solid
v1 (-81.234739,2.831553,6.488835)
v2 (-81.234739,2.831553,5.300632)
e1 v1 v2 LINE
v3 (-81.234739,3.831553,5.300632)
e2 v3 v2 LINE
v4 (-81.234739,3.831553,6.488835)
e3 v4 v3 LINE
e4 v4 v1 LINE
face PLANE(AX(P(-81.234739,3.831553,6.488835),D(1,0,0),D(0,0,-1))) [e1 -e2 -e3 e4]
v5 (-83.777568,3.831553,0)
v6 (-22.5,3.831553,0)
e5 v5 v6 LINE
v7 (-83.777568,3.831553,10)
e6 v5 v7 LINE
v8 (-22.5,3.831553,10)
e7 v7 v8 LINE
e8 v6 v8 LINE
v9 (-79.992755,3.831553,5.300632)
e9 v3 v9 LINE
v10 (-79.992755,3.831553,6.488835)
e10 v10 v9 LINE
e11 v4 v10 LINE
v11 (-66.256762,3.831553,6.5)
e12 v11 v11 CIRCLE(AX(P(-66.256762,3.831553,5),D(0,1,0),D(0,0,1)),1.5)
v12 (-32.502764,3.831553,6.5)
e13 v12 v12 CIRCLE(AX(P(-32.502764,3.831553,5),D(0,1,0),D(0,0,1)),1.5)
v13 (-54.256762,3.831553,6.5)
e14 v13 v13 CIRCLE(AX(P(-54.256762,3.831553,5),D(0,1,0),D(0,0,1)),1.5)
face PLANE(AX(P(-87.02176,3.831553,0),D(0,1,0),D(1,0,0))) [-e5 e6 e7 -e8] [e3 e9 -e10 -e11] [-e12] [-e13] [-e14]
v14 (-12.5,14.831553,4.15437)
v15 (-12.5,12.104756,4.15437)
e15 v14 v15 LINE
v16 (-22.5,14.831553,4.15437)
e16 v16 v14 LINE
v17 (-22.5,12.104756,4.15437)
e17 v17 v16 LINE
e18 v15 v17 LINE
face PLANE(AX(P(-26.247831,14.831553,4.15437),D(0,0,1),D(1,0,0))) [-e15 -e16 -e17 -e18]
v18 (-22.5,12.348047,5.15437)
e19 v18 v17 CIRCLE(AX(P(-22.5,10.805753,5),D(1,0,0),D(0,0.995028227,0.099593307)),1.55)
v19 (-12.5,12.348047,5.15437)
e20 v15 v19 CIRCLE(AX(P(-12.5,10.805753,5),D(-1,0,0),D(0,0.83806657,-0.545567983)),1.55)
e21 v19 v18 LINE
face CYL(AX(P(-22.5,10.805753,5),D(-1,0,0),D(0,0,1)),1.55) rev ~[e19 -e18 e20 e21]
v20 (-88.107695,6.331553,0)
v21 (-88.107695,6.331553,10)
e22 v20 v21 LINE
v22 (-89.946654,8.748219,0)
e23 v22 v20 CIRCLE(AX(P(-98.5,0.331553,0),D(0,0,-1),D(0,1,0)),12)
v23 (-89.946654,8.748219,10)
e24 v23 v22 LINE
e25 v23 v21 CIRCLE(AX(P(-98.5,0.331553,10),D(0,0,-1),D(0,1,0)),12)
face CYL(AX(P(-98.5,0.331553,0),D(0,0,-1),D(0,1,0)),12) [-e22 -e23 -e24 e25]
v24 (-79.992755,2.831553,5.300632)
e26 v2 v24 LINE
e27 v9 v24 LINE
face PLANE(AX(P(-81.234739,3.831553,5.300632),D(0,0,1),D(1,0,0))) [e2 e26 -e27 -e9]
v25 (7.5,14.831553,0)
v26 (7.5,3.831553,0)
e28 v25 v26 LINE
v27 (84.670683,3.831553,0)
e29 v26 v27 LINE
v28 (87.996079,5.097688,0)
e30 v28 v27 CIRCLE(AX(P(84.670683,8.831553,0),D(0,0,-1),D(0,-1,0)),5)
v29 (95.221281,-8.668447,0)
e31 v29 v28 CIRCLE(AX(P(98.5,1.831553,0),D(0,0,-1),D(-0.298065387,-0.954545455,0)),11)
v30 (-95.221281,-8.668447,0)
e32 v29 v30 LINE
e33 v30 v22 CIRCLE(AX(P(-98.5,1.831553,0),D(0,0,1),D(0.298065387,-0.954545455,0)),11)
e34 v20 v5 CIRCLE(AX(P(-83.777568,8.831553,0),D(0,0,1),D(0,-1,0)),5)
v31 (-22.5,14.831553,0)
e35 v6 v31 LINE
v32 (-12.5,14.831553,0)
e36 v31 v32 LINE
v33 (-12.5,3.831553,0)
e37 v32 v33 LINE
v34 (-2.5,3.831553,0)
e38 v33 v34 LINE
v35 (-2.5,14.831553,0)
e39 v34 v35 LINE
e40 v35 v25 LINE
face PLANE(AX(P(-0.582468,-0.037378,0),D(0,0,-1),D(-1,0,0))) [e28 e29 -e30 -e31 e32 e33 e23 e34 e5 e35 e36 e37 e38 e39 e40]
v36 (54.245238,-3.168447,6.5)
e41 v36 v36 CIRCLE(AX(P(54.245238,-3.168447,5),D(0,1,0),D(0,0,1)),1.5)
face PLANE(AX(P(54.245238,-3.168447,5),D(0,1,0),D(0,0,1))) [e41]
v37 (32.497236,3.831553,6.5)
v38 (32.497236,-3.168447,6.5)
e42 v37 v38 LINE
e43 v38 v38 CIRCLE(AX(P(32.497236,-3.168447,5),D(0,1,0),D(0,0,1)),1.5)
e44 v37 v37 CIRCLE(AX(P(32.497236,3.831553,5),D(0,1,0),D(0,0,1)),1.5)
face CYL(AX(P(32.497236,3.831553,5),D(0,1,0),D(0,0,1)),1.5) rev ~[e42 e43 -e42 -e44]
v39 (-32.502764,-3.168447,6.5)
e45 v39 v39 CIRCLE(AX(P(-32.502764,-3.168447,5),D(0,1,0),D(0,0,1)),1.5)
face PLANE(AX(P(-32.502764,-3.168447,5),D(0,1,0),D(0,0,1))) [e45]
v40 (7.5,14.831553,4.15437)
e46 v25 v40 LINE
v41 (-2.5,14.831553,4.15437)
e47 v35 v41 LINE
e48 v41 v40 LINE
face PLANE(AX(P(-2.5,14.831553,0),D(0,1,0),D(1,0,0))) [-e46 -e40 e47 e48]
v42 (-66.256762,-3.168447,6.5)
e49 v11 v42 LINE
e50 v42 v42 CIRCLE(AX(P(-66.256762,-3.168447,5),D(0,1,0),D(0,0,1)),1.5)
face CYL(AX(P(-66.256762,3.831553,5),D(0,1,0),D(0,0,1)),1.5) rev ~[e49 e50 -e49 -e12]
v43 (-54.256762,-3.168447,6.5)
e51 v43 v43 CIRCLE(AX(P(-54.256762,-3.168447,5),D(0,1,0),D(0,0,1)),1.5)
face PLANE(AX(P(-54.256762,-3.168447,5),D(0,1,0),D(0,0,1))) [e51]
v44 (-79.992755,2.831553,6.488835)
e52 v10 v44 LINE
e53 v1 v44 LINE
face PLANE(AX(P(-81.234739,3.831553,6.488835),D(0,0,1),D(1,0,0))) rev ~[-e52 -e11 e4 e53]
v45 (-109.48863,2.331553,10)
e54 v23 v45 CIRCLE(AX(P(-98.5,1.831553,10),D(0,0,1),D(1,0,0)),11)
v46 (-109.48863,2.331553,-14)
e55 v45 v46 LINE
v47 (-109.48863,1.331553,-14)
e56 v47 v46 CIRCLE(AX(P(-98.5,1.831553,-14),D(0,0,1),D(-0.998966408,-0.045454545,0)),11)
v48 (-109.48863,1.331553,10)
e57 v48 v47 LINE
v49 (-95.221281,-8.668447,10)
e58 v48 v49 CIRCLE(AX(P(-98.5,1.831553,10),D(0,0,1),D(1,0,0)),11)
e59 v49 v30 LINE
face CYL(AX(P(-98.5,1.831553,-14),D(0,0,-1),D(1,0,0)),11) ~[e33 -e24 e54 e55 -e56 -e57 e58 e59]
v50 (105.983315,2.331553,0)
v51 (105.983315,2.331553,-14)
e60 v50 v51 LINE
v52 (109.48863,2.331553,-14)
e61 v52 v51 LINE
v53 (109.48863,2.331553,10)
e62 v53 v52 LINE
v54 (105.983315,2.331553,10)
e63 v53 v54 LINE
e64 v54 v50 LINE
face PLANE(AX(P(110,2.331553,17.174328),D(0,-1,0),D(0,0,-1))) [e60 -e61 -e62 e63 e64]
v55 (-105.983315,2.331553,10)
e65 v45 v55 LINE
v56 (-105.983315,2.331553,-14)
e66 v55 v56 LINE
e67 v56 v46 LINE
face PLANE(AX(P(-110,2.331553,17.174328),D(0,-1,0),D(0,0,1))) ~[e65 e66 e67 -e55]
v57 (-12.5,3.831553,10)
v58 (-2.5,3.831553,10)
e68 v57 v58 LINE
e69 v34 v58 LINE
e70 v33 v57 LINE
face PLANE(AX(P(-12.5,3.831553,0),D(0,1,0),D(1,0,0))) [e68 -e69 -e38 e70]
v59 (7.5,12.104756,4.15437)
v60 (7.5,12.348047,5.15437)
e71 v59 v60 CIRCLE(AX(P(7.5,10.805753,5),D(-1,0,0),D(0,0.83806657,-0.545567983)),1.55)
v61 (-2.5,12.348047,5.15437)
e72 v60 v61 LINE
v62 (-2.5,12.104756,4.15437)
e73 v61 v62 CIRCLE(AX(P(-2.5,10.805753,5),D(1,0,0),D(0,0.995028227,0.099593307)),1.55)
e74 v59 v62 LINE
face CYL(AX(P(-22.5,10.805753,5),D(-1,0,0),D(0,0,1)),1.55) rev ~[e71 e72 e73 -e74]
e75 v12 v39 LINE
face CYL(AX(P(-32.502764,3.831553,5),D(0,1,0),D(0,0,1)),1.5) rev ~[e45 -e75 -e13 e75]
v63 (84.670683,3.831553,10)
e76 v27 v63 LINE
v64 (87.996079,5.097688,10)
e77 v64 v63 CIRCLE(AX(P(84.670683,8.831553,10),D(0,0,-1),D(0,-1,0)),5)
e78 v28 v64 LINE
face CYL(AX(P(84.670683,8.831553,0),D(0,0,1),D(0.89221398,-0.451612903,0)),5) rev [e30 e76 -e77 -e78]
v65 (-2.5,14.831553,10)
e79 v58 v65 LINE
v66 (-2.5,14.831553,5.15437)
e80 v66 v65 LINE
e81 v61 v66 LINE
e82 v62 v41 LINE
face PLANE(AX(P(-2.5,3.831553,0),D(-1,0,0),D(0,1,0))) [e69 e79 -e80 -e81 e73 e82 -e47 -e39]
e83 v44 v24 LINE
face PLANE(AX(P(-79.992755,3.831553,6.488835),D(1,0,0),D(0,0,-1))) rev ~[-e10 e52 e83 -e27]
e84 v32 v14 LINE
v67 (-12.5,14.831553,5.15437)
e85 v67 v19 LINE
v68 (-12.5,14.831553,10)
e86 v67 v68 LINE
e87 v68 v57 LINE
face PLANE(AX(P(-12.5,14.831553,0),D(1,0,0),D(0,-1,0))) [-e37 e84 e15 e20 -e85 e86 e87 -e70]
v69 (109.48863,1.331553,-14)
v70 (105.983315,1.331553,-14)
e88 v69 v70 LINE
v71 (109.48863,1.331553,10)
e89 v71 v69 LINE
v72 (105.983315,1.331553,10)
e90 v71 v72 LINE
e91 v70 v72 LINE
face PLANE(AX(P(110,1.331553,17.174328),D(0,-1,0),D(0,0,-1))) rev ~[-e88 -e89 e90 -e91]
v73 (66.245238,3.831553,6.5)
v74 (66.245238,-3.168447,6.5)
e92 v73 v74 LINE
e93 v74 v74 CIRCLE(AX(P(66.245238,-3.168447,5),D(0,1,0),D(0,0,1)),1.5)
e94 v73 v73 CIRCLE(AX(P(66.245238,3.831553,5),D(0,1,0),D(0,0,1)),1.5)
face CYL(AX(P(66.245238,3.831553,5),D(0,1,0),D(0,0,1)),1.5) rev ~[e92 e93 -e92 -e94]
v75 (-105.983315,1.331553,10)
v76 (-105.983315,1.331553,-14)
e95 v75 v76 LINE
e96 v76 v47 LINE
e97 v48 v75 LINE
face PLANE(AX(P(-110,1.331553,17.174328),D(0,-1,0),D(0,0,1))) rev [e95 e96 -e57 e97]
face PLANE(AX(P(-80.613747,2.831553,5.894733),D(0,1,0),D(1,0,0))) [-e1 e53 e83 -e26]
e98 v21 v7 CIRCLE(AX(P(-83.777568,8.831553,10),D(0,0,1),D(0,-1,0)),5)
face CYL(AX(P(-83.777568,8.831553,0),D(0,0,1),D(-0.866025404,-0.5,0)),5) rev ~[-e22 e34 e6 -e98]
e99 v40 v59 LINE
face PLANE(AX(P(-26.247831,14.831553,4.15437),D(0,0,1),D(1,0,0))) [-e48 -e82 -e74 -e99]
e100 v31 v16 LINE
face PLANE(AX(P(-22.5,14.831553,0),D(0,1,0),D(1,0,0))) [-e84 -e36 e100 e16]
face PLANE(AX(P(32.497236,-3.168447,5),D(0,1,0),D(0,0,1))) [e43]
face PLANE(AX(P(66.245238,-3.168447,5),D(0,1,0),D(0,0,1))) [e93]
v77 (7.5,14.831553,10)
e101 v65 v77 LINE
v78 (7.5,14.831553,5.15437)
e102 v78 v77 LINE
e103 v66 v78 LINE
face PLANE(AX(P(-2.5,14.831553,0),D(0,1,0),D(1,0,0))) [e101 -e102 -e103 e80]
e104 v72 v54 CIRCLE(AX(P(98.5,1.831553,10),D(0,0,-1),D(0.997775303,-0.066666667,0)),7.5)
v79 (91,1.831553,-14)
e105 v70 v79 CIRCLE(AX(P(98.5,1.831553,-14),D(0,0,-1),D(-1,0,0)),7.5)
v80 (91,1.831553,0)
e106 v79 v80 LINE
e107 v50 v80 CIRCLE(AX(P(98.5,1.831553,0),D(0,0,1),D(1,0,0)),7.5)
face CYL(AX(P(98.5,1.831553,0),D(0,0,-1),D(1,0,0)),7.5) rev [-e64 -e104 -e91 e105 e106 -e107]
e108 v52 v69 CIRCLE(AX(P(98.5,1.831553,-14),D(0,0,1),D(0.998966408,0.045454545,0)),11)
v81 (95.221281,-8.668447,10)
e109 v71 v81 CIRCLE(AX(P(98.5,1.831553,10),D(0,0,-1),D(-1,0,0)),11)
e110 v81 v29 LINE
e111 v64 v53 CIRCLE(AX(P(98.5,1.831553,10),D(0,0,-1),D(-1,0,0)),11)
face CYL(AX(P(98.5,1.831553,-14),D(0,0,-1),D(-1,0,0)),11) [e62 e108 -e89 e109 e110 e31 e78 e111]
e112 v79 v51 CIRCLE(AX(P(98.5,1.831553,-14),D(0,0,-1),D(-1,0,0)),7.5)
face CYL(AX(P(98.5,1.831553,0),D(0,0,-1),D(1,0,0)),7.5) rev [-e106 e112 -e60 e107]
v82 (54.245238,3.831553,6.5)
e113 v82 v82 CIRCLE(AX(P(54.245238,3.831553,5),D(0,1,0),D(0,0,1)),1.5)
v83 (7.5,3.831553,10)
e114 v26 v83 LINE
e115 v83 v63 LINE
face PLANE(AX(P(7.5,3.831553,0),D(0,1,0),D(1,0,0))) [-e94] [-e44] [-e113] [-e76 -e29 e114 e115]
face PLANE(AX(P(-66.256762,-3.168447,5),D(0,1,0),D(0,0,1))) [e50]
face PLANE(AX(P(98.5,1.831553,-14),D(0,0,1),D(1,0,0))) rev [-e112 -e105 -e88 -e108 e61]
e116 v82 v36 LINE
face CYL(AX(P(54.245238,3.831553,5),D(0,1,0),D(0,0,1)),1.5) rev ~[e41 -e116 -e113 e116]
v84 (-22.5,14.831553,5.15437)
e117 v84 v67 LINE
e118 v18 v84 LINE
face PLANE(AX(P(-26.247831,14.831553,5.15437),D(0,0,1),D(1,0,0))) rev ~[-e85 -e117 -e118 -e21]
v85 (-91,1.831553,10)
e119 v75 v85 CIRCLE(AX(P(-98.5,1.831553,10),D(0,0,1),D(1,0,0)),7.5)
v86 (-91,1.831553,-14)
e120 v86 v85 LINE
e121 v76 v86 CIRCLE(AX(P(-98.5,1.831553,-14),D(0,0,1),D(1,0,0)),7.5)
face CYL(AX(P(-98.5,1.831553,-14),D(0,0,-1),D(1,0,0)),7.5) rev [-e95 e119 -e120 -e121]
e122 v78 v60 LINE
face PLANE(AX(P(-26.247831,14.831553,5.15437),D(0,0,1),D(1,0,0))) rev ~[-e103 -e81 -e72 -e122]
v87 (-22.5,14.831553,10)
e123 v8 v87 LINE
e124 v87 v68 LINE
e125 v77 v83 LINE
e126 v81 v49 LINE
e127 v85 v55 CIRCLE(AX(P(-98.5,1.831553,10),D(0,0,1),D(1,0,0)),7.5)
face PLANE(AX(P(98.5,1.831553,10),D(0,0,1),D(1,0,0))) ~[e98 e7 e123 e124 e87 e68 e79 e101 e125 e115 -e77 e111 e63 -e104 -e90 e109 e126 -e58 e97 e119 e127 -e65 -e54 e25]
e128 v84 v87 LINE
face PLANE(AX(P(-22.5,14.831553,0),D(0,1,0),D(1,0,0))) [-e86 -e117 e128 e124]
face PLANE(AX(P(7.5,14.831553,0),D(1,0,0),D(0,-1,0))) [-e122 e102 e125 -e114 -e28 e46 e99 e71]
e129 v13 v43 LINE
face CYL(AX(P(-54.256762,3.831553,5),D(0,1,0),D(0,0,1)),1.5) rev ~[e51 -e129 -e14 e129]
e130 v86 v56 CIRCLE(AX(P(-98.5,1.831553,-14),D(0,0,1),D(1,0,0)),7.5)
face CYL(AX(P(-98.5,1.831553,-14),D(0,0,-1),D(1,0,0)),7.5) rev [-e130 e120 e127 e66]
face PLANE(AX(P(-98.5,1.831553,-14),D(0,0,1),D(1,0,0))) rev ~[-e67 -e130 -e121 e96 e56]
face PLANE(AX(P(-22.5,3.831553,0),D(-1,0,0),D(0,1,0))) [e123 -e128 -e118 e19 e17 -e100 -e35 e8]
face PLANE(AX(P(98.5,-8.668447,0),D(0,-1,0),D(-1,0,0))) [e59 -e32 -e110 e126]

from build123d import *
from build123d.topology import SkipClean

# Parameters (mm, degrees)
SKETCH2_R           = 7.5
BOSS_EXTRUDE1_DEPTH = 10
FILLET1_R           = 5
BOSS_EXTRUDE2_START = -24
SKETCH3_R           = 11
SKETCH3_R_2         = 7.5
BOSS_EXTRUDE2_DEPTH = 24
CUT_EXTRUDE1_REACH  = 135.566
SKETCH4_R           = 1.55
SKETCH6_W           = 37.11251069
SKETCH6_H           = 1
CUT_EXTRUDE3_DEPTH  = 10
SKETCH7_W           = 36.737317401
SKETCH7_H           = 1
CUT_EXTRUDE4_DEPTH  = 3
FILLET2_R           = 5
SKETCH8_R           = 1.5
CUT_EXTRUDE5_DEPTH  = 7
SKETCH9_W           = 1.241983996
SKETCH9_H           = 1.188202975
CUT_EXTRUDE6_DEPTH  = 1


with BuildPart() as part:
    # Sketch2 → Boss-Extrude1 (new body)
    with BuildSketch(Plane.XY):
        with BuildLine():
            Line((-22.5, 3.831552556), (-22.5, 14.831552556))
            Line((-22.5, 14.831552556), (-12.5, 14.831552556))
            Line((-12.5, 14.831552556), (-12.5, 3.831552556))
            Line((-12.5, 3.831552556), (-2.5, 3.831552556))
            Line((-2.5, 3.831552556), (-2.5, 14.831552556))
            Line((-2.5, 14.831552556), (7.5, 14.831552556))
            Line((7.5, 14.831552556), (7.5, 3.831552556))
            Line((7.5, 3.831552556), (88.192235936, 3.831552556))
            ThreePointArc((88.192235936, 3.831552556), (91.819805392, 9.932478429), (98.5, 12.331552556))
            ThreePointArc((98.5, 12.331552556), (109, 1.831552556), (98.5, -8.668447444))
            Line((98.5, -8.668447444), (-98.5, -8.668447444))
            ThreePointArc((-98.5, -8.668447444), (-109, 1.831552556), (-98.5, 12.331552556))
            ThreePointArc((-98.5, 12.331552556), (-91.358571571, 9.975203317), (-87.021759717, 3.831552556))
            Line((-87.021759717, 3.831552556), (-22.5, 3.831552556))
        make_face()
        with Locations((-98.5, 1.831552556)):
            Circle(SKETCH2_R, mode=Mode.SUBTRACT)
        with Locations((98.5, 1.831552556)):
            Circle(SKETCH2_R, mode=Mode.SUBTRACT)
    extrude(amount=BOSS_EXTRUDE1_DEPTH)

    # Fillet1
    fillet1_edges = [part.edges().sort_by_distance(p)[0] for p in [
        (88.192235936, 3.831552556, 5),
    ]]
    fillet(fillet1_edges, radius=FILLET1_R)

    # Sketch3 → Boss-Extrude2 (add)
    with BuildSketch(Plane.XY.offset(10).offset(BOSS_EXTRUDE2_START)):
        with Locations((-98.5, 1.831552556)):
            Circle(SKETCH3_R)
        with Locations((-98.5, 1.831552556)):
            Circle(SKETCH3_R_2, mode=Mode.SUBTRACT)
    boss_extrude2 = extrude(amount=BOSS_EXTRUDE2_DEPTH)

    # Mirror1: Boss-Extrude2 across plane
    with SkipClean():  # the faces are left unmerged after this step: merging them gives an invalid solid
        add(boss_extrude2.mirror(Plane(origin=(0, 0, 0), x_dir=(0, 0, 1), z_dir=(1, 0, 0))))

    # Cut-Extrude1: up to this face of the body (flat: up to its plane)
    cut_extrude1_end = Plane(part.part.faces().sort_by_distance((7.5, 9.331552556, 5))[0])
    # Sketch4 → Cut-Extrude1 (cut, up to the picked face)
    with BuildSketch(Plane.ZY.offset(22.5), mode=Mode.PRIVATE) as cut_extrude1_sk1:
        with Locations((5, 10.805752832)):
            Circle(SKETCH4_R)
    cut_extrude1_tool1 = split(extrude(cut_extrude1_sk1.sketch, amount=-CUT_EXTRUDE1_REACH, mode=Mode.PRIVATE), bisect_by=cut_extrude1_end, keep=Keep.BOTH, mode=Mode.PRIVATE)
    add(cut_extrude1_tool1.solids().sort_by(Axis((-22.5, 10.805753, 5), (1, 0, 0)))[0], mode=Mode.SUBTRACT)

    # Sketch6 → Cut-Extrude3 (cut)
    with BuildSketch(Plane(origin=(110, 0, 0), x_dir=(0, 0, -1), z_dir=(1, 0, 0))):
        with Locations((1.381927251, 1.831552556)):
            Rectangle(SKETCH6_W, SKETCH6_H)
    cut_extrude3 = extrude(amount=-CUT_EXTRUDE3_DEPTH, mode=Mode.SUBTRACT)

    # Mirror2: Cut-Extrude3 across plane
    add(cut_extrude3.mirror(Plane(origin=(0, 0, 0), x_dir=(0, 0, 1), z_dir=(1, 0, 0))), mode=Mode.SUBTRACT)

    # Sketch7 → Cut-Extrude4 (cut)
    with BuildSketch(Plane(origin=(0, 14.831552556, 0), x_dir=(1, 0, 0), z_dir=(0, 1, 0))):
        with Locations((-7.879171978, -4.654369626)):
            Rectangle(SKETCH7_W, SKETCH7_H)
    extrude(amount=-CUT_EXTRUDE4_DEPTH, mode=Mode.SUBTRACT)

    # Fillet2
    fillet2_edges = [part.edges().sort_by_distance(p)[0] for p in [
        (-87.021759717, 3.831552556, 5),
    ]]
    fillet(fillet2_edges, radius=FILLET2_R)

    # Sketch8 → Cut-Extrude5 (cut)
    with BuildSketch(Plane(origin=(0, 3.831552556, 0), x_dir=(1, 0, 0), z_dir=(0, 1, 0))):
        with Locations(Location((-66.25676189, -5, 0), (0, 0, 270))):
            Circle(SKETCH8_R)
        with Locations(Location((-54.25676189, -5, 0), (0, 0, 270))):
            Circle(SKETCH8_R)
        with Locations(Location((-32.502764064, -5, 0), (0, 0, 270))):
            Circle(SKETCH8_R)
        with Locations(Location((32.497235936, -5, 0), (0, 0, 270))):
            Circle(SKETCH8_R)
        with Locations(Location((54.24523811, -5, 0), (0, 0, 270))):
            Circle(SKETCH8_R)
        with Locations(Location((66.24523811, -5, 0), (0, 0, 270))):
            Circle(SKETCH8_R)
    extrude(amount=-CUT_EXTRUDE5_DEPTH, mode=Mode.SUBTRACT)

    # Sketch9 → Cut-Extrude6 (cut)
    with BuildSketch(Plane(origin=(0, 3.831552556, 0), x_dir=(1, 0, 0), z_dir=(0, 1, 0))):
        with Locations((-80.613746542, -5.894733375)):
            Rectangle(SKETCH9_W, SKETCH9_H)
    extrude(amount=-CUT_EXTRUDE6_DEPTH, mode=Mode.SUBTRACT)


solid = part.part
